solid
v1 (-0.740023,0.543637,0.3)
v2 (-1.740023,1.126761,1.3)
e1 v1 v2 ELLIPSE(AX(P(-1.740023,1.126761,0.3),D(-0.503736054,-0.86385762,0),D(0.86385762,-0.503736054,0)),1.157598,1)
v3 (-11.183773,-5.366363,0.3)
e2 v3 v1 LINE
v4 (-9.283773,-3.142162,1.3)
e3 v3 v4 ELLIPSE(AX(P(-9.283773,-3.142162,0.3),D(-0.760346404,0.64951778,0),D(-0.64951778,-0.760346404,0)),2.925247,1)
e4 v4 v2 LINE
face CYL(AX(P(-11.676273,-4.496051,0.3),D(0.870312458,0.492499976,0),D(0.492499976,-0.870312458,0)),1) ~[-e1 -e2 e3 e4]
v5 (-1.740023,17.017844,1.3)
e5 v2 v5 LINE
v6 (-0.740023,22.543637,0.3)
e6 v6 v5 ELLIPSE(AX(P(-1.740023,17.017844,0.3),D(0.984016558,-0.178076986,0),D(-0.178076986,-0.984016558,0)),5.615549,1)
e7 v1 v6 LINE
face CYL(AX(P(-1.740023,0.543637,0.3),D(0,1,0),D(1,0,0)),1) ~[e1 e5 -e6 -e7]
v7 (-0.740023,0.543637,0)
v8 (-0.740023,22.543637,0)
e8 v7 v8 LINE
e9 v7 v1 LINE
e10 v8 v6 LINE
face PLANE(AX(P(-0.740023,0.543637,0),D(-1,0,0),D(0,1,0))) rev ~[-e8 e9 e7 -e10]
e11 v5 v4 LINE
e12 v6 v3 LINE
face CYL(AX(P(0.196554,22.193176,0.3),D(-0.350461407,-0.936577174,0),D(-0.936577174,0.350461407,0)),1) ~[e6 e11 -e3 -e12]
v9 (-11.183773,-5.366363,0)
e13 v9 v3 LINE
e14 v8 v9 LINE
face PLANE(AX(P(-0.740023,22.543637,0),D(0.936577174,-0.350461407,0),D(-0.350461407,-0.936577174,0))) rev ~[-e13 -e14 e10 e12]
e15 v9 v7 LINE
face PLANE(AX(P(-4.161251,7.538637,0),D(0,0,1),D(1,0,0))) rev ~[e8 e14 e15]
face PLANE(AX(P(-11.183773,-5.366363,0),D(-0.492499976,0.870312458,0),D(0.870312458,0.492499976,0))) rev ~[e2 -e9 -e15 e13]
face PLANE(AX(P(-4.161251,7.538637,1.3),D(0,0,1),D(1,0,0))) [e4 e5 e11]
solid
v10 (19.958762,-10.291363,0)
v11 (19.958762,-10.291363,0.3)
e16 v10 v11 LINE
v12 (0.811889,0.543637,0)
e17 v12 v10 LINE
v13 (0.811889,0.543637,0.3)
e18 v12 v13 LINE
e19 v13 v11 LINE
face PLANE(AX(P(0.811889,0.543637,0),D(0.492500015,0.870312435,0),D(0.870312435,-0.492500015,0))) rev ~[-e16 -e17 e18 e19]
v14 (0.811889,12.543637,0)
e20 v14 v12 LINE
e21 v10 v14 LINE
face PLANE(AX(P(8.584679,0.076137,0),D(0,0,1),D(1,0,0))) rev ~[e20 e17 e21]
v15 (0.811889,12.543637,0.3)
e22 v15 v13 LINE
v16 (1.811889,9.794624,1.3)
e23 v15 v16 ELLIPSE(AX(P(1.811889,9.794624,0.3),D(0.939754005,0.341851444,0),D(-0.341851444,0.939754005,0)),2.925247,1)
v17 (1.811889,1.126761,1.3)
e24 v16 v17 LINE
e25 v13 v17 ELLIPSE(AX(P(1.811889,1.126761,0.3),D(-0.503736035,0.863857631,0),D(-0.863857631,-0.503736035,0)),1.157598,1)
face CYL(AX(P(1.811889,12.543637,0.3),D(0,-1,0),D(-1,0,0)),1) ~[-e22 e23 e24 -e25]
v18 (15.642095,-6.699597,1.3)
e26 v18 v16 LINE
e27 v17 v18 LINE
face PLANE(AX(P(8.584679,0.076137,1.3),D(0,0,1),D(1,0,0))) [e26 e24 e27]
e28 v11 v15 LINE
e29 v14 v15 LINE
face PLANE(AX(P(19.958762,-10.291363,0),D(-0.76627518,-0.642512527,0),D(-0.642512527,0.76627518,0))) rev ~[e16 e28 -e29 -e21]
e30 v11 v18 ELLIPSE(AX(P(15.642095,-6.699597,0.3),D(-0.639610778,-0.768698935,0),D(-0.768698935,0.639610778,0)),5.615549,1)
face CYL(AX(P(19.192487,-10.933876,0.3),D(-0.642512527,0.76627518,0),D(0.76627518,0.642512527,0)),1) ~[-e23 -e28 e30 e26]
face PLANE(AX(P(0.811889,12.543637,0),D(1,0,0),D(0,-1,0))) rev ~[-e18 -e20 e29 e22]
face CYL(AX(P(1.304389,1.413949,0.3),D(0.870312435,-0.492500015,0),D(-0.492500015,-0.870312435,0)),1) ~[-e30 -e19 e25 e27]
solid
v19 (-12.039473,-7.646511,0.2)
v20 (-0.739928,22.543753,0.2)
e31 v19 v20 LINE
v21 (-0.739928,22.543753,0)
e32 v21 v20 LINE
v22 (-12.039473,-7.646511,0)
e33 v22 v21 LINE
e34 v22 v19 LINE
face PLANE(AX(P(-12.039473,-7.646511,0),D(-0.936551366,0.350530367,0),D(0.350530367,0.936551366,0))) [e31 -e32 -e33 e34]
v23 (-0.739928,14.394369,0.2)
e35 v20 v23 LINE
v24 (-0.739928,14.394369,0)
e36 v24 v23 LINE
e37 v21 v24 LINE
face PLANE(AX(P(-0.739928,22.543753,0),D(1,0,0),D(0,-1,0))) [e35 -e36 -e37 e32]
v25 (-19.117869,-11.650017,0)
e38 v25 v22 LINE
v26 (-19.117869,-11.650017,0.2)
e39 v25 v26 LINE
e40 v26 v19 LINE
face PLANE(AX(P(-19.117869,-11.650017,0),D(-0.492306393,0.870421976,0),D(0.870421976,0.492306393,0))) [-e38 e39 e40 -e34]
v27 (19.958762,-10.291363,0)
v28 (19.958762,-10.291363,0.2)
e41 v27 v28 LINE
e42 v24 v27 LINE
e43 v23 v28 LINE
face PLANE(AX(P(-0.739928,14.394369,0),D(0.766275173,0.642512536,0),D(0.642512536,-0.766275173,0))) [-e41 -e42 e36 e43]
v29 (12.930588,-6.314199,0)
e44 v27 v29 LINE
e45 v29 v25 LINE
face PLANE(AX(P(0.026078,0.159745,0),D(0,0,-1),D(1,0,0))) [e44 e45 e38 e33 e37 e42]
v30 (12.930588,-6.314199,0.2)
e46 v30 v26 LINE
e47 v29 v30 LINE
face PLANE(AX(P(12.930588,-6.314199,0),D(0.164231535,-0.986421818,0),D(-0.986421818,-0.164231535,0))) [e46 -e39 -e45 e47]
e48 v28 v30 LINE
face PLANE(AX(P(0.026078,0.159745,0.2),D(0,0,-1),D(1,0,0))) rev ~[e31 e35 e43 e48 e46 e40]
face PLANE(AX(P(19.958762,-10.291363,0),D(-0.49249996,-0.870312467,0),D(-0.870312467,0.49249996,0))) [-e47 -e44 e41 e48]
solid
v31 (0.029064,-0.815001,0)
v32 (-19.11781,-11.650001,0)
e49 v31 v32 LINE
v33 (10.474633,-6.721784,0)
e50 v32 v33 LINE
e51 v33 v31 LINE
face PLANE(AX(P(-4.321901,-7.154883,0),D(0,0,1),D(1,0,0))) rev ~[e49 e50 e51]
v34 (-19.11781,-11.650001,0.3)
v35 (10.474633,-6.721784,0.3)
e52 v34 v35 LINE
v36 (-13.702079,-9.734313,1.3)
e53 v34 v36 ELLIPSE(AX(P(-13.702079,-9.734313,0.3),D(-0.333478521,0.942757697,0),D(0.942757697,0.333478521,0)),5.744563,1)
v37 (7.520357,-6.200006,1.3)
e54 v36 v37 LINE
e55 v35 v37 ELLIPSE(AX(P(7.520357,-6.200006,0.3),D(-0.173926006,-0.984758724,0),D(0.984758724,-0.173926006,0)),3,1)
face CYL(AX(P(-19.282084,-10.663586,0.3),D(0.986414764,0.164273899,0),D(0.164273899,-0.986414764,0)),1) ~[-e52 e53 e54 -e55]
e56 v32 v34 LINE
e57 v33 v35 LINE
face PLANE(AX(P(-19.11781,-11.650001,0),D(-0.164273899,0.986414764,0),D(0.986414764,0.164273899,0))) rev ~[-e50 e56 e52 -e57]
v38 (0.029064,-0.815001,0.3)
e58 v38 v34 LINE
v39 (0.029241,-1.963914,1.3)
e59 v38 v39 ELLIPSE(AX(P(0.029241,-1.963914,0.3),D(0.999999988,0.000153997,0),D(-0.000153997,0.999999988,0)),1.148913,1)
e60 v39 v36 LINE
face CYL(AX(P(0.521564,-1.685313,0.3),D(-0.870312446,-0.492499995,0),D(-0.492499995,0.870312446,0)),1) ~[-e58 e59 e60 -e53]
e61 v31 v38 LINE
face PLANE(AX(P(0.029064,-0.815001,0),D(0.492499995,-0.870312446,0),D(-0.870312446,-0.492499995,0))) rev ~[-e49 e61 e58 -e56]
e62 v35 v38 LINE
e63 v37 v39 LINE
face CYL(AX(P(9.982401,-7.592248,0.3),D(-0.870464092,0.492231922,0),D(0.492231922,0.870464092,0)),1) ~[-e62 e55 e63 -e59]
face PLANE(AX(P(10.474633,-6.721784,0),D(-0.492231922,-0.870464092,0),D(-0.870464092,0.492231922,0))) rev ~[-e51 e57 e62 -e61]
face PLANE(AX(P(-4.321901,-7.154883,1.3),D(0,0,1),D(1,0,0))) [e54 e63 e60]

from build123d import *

# Parameters (mm, degrees)
F1_DEPTH = 1.3
F2_R     = 1
F4_DEPTH = 0.2


with BuildPart() as f1:
    # F0 (on Top) → F1 (new body)
    with BuildSketch(Plane.XY):
        Polygon((-0.740023, 22.543637), (-11.183773, -5.366363), (-0.740023, 0.543637), align=None)
        Polygon((19.958762, -10.291363), (0.811889, 12.543637), (0.811889, 0.543637), align=None)
        Polygon((-19.11781, -11.650001), (10.474633, -6.721784), (0.029064, -0.815001), align=None)
    extrude(amount=F1_DEPTH)

    # F2
    f2_edges = [f1.edges().sort_by_distance(p)[0] for p in [
        (-5.961898, 8.588637, 1.3),
        (-5.961898, -2.411363, 1.3),
        (-0.740023, 11.543637, 1.3),
        (10.385326, 1.126137, 1.3),
        (0.811889, 6.543637, 1.3),
        (10.385326, -4.873863, 1.3),
        (-4.321588, -9.185892, 1.3),
        (5.251849, -3.768392, 1.3),
        (-9.544373, -6.232501, 1.3),
    ]]
    fillet(f2_edges, radius=F2_R)


with BuildPart() as f4:
    # F3 (on face) → F4 (new body)
    with BuildSketch(Plane(origin=(0, 0, 0), x_dir=(1, 0, 0), z_dir=(0, 0, -1))):
        Polygon((-0.739928, -14.394369), (19.958762, 10.291363), (12.930588, 6.314199), (-19.117869, 11.650017), (-12.039473, 7.646511), (-0.739928, -22.543753), align=None)
    extrude(amount=-F4_DEPTH)


solid = Compound([f1.part, f4.part])
